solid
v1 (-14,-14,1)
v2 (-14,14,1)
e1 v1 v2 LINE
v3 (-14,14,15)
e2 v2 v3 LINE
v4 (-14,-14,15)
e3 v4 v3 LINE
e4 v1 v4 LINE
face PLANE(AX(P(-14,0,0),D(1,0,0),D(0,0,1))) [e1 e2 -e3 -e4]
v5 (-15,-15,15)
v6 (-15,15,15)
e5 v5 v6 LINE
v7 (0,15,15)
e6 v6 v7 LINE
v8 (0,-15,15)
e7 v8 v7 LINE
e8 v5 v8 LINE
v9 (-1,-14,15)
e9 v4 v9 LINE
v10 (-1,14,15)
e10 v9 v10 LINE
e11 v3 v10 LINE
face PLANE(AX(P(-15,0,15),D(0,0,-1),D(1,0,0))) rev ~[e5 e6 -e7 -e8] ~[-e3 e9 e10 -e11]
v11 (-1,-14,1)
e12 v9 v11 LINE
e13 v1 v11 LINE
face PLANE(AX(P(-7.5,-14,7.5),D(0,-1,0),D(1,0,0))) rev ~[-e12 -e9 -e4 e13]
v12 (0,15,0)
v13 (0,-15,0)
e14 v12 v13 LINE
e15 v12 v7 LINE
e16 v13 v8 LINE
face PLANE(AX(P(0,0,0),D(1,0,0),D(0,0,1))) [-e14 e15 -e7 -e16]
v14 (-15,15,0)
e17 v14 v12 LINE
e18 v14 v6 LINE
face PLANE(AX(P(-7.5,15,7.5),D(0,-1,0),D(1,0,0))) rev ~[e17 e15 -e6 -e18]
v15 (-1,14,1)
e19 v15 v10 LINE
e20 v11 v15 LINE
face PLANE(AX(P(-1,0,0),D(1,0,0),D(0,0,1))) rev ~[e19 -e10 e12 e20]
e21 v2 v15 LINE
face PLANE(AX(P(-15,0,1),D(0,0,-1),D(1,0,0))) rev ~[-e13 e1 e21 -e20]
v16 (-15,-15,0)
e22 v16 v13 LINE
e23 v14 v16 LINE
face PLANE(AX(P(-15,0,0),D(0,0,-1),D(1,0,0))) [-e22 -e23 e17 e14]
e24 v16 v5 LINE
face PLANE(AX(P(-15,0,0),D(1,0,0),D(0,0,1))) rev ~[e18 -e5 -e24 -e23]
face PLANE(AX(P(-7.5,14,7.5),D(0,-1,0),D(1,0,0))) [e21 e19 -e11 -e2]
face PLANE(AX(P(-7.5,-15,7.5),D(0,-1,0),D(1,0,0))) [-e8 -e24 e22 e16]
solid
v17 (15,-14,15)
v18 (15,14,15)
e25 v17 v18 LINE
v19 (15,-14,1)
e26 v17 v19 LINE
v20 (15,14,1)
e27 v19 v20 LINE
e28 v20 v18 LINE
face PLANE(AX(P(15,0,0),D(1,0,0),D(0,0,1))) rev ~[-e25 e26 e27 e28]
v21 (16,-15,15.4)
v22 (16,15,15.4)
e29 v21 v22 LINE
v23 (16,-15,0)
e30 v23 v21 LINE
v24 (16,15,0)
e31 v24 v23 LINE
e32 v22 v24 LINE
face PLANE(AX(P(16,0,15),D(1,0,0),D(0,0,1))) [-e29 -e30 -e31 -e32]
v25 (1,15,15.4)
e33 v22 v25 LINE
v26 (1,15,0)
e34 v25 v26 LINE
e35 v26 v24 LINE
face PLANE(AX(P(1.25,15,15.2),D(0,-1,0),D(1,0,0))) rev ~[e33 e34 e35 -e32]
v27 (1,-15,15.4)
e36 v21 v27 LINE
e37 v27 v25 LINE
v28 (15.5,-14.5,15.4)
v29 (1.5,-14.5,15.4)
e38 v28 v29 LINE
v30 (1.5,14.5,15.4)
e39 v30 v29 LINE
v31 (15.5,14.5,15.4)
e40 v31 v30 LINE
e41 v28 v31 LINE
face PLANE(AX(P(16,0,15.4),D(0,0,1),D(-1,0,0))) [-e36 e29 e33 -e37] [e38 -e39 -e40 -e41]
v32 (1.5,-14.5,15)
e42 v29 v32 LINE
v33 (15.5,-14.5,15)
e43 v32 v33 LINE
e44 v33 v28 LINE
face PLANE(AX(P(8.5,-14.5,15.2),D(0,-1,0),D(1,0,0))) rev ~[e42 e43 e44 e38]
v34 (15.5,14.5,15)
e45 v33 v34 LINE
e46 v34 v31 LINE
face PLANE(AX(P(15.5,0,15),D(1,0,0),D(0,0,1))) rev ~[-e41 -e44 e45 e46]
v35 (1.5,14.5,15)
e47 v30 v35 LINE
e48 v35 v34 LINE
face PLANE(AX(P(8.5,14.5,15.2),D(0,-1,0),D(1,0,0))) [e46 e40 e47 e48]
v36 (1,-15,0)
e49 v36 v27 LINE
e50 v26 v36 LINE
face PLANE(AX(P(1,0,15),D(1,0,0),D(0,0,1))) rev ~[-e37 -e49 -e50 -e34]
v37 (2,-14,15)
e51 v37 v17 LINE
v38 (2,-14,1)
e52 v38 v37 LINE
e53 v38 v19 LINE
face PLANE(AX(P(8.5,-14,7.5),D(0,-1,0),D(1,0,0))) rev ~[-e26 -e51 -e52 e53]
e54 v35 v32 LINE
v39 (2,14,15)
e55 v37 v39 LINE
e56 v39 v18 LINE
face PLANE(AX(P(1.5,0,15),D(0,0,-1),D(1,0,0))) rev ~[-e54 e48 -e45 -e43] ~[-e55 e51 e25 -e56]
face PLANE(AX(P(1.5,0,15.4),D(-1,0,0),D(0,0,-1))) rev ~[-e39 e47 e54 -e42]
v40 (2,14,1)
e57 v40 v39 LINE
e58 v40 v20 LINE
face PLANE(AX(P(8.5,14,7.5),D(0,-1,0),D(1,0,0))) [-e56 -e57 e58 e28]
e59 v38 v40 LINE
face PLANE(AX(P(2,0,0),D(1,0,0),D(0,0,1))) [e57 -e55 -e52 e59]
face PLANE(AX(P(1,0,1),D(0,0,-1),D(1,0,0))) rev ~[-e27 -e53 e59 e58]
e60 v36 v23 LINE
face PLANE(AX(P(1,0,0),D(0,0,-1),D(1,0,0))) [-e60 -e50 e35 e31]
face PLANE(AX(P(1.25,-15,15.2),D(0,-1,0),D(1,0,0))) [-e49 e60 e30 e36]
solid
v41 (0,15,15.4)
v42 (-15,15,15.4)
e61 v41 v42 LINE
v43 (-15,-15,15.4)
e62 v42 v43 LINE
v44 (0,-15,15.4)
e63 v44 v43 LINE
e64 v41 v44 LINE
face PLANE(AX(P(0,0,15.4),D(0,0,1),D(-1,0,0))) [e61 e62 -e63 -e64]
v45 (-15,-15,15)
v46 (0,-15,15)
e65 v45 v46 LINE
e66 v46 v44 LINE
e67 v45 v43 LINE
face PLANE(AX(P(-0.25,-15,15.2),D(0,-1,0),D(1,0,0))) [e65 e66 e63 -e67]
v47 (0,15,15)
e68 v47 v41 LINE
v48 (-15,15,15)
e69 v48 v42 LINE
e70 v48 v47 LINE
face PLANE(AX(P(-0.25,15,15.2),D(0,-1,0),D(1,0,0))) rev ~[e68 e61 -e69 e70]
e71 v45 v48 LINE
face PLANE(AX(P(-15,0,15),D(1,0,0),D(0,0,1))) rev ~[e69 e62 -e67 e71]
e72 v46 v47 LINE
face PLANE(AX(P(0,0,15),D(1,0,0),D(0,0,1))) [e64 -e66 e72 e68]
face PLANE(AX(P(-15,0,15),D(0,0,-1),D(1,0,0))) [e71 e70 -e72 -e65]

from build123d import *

# Parameters (mm, degrees)
F0_W     = 15
F0_H     = 15
F1_DEPTH = 15
F2_DEPTH = 15
F4_T     = -1
F5_T     = -1
F3_W     = 0.5
F3_H     = 0.4
F6_DEPTH = 15
F7_DEPTH = 14.5


with BuildPart() as f1:
    # F0 (on Front) → F1 (new body, symmetric)
    with BuildSketch(Plane.XZ):
        with Locations((8.5, 7.5)):
            Rectangle(F0_W, F0_H)
    extrude(amount=F1_DEPTH, both=True)

    # F4
    f4_openings = [f1.faces().sort_by_distance(p)[0] for p in [
        (8.5, 0, 15),
    ]]
    offset(amount=F4_T, openings=f4_openings)

    # F3 (on Front) → F6 (join, symmetric)
    with BuildSketch(Plane.XZ):
        with Locations((1.25, 15.2)):
            Rectangle(F3_W, F3_H)
        with Locations((15.75, 15.2)):
            Rectangle(F3_W, F3_H)
        Polygon((15.5, 15.4), (1.5, 15.4), (1.5, 15), (3, 15), (15.5, 15), align=None)
    extrude(amount=F6_DEPTH, both=True)

    # F3 (on Front) → F7 (cut, symmetric)
    with BuildSketch(Plane.XZ):
        Polygon((15.5, 15.4), (1.5, 15.4), (1.5, 15), (3, 15), (15.5, 15), align=None)
    extrude(amount=F7_DEPTH, both=True, mode=Mode.SUBTRACT)


with BuildPart() as f2:
    # F0 (on Front) → F2 (new body, symmetric)
    with BuildSketch(Plane.XZ):
        with Locations((-7.5, 7.5)):
            Rectangle(F0_W, F0_H)
    extrude(amount=F2_DEPTH, both=True)

    # F5
    f5_openings = [f2.faces().sort_by_distance(p)[0] for p in [
        (-7.5, 0, 15),
    ]]
    offset(amount=F5_T, openings=f5_openings)


with BuildPart() as f6:
    # F3 (on Front) → F6, piece 2 (new body, symmetric)
    with BuildSketch(Plane.XZ):
        with Locations((-0.25, 15.2)):
            Rectangle(F3_W, F3_H)
        with Locations((-14.75, 15.2)):
            Rectangle(F3_W, F3_H)
        Polygon((-14.5, 15), (-2, 15), (-0.5, 15), (-0.5, 15.4), (-14.5, 15.4), align=None)
    extrude(amount=F6_DEPTH, both=True)


solid = Compound([f1.part, f2.part, f6.part])
